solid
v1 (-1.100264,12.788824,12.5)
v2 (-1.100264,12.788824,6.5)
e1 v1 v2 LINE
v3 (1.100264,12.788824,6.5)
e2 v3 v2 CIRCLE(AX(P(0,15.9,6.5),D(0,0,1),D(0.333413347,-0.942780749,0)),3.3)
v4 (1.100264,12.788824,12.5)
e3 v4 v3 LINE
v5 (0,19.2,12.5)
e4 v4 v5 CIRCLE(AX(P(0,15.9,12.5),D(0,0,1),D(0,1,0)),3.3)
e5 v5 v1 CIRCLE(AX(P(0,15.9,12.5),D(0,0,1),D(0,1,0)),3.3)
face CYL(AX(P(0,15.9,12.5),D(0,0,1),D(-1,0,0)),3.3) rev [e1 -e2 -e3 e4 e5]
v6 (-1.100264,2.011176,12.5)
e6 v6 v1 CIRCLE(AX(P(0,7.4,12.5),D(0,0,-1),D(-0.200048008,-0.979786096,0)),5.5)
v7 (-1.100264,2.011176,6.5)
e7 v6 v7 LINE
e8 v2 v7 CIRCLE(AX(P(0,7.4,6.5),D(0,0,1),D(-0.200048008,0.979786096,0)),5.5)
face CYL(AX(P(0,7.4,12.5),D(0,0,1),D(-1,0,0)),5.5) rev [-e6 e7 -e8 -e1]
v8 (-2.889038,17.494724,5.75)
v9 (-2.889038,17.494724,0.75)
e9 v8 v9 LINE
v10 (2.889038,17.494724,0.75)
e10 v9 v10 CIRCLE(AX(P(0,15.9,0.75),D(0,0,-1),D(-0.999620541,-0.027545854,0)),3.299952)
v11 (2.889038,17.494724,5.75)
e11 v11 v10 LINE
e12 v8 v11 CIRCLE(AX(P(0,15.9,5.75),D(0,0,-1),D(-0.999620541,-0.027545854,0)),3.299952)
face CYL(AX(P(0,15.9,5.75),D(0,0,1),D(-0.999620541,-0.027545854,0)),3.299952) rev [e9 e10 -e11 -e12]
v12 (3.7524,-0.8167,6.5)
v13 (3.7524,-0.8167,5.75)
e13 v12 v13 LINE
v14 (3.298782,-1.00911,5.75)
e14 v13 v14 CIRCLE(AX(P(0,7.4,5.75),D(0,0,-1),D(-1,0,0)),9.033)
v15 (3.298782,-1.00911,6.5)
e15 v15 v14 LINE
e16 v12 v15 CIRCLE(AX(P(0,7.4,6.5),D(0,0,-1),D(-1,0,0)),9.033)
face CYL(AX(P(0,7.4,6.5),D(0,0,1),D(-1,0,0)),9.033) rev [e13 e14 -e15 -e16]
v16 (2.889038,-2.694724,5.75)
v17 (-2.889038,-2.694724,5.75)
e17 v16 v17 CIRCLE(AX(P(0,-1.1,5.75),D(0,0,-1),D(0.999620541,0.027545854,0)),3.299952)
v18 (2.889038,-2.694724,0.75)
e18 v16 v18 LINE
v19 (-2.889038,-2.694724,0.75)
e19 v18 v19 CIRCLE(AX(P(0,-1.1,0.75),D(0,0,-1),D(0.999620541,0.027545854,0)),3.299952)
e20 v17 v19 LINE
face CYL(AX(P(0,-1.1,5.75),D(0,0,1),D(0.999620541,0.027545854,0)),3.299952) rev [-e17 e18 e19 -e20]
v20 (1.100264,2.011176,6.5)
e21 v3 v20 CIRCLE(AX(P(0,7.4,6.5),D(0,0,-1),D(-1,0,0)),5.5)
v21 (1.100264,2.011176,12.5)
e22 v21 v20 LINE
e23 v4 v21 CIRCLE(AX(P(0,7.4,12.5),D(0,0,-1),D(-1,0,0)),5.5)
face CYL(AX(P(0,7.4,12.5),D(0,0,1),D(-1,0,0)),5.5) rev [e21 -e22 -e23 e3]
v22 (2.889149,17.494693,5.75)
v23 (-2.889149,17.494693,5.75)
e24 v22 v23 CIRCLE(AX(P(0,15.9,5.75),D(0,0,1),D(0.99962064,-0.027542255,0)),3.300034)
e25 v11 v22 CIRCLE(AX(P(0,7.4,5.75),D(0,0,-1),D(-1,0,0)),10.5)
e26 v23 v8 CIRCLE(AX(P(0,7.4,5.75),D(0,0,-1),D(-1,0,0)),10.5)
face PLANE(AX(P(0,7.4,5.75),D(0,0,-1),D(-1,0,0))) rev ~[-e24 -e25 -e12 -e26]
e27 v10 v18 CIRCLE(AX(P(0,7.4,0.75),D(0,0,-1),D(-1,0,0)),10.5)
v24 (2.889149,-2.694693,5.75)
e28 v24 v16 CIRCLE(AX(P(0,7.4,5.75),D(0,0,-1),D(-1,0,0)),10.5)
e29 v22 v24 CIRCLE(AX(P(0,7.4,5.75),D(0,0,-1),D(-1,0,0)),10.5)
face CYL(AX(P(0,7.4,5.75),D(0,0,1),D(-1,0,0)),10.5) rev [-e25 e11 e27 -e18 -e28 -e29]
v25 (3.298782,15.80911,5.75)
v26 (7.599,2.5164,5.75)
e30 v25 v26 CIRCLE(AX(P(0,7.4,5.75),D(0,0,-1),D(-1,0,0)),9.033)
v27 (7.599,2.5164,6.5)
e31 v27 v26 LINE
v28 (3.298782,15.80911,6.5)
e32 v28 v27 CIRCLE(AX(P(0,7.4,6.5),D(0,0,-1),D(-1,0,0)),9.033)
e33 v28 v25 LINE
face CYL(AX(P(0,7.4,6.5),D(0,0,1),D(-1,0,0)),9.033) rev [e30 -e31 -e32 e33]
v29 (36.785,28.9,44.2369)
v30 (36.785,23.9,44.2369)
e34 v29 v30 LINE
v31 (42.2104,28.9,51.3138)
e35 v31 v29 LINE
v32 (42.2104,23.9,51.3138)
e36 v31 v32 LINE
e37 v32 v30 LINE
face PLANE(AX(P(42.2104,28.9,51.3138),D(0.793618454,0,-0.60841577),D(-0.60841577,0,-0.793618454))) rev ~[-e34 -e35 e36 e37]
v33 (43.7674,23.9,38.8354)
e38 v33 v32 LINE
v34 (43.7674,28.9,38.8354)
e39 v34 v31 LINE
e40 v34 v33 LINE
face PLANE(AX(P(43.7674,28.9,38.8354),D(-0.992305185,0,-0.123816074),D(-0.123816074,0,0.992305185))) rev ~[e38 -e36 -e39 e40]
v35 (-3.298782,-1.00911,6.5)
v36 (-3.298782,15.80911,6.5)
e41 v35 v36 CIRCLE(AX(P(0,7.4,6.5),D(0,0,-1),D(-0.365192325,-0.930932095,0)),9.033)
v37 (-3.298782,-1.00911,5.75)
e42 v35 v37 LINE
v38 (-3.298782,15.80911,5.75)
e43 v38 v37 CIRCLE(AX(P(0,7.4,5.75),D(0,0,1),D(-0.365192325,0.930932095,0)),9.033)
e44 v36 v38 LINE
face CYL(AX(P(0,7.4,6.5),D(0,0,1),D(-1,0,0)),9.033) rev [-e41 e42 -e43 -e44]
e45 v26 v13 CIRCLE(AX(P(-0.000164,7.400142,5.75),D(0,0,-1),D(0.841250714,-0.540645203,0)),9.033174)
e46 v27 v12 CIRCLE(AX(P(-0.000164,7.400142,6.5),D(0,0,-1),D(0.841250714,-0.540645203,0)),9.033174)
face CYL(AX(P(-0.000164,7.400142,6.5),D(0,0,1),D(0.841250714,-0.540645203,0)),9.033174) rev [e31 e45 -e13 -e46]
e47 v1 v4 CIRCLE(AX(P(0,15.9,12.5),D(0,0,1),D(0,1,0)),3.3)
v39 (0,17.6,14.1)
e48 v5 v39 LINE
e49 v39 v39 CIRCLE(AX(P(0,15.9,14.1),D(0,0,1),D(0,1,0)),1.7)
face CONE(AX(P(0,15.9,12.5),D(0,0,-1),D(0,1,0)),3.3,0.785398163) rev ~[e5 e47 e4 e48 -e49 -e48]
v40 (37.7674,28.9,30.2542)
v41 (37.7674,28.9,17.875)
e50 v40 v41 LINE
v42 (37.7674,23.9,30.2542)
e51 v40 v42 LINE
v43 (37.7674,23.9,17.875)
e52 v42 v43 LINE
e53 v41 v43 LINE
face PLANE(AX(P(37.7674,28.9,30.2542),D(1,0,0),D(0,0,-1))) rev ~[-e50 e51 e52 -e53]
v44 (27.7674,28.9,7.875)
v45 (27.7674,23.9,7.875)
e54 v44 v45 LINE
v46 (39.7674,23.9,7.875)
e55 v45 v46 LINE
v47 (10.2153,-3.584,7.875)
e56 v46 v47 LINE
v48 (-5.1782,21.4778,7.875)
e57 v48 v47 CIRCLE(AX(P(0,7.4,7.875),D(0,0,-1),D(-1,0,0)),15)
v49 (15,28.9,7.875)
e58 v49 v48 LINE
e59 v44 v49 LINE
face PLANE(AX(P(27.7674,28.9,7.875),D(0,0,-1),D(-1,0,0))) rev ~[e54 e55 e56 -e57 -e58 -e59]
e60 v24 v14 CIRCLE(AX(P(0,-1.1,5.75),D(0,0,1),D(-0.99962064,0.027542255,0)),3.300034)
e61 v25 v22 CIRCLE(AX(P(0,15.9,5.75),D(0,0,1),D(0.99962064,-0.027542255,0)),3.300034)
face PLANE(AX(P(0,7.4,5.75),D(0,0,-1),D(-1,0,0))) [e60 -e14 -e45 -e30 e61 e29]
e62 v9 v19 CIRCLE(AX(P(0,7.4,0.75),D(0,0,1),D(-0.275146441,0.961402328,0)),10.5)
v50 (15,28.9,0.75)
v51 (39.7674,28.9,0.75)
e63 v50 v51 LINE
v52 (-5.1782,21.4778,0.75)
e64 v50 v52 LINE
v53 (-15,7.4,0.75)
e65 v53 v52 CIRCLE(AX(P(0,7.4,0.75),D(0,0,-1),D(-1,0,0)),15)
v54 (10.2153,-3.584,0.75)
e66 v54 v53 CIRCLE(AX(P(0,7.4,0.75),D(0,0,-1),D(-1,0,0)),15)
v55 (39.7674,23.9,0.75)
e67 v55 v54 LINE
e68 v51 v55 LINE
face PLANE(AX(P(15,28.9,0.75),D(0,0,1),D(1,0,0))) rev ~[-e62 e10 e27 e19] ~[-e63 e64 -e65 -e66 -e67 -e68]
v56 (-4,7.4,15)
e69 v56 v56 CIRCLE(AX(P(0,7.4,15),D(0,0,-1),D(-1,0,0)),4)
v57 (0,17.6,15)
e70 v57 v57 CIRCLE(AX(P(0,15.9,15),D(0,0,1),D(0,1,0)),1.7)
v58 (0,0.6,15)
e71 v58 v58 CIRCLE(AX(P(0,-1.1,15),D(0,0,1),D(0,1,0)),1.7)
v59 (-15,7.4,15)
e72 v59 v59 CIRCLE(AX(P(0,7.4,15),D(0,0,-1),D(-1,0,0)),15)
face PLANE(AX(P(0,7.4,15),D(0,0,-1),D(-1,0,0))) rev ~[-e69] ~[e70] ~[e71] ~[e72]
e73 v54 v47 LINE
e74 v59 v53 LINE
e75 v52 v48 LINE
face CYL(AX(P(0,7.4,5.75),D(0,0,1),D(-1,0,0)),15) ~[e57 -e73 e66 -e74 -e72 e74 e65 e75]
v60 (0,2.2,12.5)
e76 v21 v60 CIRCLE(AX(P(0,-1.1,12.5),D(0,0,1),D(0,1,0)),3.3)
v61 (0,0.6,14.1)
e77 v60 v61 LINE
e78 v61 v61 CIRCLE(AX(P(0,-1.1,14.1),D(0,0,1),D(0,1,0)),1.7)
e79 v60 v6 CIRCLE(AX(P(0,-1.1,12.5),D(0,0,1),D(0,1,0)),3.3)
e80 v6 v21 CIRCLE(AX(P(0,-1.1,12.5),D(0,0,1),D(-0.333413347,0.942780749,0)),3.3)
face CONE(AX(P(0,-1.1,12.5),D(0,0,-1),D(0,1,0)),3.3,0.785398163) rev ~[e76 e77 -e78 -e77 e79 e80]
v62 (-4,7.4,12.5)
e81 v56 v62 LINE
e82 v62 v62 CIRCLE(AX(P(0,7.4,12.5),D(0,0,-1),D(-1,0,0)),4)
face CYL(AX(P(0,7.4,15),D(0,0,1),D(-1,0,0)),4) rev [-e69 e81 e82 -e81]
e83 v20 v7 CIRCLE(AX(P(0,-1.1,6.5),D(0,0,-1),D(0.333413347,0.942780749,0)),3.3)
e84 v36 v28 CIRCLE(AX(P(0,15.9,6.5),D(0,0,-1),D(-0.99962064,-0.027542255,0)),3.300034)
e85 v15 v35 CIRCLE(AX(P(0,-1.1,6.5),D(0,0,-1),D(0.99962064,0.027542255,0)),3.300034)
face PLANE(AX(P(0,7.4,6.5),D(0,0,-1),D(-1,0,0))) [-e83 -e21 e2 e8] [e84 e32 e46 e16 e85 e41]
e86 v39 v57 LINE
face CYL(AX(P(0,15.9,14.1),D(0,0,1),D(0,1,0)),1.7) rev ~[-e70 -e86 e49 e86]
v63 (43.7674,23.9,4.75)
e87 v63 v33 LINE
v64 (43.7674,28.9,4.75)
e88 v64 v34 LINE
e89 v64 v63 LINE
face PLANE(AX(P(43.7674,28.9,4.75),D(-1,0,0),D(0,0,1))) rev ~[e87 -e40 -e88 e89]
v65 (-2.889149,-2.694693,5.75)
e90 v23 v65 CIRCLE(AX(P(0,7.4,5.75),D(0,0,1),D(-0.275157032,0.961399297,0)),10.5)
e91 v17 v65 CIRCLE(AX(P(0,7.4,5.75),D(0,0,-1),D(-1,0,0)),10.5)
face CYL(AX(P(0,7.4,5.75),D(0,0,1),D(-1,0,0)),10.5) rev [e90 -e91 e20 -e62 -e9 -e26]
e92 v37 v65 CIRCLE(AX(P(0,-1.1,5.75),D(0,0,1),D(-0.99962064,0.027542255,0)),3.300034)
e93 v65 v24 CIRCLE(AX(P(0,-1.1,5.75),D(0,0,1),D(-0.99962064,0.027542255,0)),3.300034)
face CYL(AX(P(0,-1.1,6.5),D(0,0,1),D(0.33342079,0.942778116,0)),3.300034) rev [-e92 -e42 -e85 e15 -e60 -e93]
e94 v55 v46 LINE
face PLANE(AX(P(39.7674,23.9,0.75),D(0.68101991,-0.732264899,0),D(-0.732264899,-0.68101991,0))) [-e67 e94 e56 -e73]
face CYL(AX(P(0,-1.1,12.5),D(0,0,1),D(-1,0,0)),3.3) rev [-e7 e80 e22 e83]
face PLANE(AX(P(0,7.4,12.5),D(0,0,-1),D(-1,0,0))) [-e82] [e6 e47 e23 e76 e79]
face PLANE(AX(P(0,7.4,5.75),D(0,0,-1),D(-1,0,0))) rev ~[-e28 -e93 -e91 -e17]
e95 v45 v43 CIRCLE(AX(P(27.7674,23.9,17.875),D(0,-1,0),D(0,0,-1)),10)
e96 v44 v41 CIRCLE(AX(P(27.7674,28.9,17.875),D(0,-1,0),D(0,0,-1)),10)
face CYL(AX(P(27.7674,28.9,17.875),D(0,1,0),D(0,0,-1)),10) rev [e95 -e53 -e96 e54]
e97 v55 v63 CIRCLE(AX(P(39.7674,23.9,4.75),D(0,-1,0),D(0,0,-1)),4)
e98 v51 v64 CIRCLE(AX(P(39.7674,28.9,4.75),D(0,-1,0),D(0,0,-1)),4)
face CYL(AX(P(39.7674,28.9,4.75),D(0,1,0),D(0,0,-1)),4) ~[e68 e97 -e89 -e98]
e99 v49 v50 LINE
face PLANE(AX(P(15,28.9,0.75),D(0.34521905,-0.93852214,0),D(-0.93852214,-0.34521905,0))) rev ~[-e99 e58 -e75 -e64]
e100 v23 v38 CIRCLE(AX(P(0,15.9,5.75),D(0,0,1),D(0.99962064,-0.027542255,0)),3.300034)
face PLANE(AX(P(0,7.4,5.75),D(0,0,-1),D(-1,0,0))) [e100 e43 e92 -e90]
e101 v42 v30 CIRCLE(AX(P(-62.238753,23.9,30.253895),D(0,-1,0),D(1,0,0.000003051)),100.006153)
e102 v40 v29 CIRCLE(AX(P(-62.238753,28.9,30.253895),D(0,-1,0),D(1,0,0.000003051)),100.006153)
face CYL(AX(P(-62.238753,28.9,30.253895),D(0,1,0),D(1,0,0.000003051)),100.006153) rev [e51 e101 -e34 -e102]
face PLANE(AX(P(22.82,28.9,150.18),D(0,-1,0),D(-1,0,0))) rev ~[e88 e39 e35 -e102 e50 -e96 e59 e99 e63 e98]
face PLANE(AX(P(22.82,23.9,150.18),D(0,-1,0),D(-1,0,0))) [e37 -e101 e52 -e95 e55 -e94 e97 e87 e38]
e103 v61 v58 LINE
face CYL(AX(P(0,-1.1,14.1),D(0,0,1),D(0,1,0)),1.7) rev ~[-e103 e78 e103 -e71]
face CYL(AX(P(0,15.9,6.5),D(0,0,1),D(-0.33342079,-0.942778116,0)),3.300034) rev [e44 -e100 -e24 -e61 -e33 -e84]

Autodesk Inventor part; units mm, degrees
ref_plane "YZ Plane" through (0, 0, 0) normal (1, 0, 0) x (0, 1, 0)
ref_plane "РабПлоскость1" through (0, 7.4, 15) normal (0, 0, -1) x (-1, 0, 0)
sketch "Эскиз1" plane through (0, 7.4, 15) normal (0, 0, -1) x (-1, 0, 0)
  circle A0 centre (0, 0) radius 12.5
  circle A1 centre (0, 0) radius 12.5 projected
  circle A2 centre (0, -8.5) radius 1.2295 projected
  circle A3 centre (0, 8.5) radius 1.2295 projected
  circle A4 centre (0, 0) radius 3.5 projected
  circle A5 centre (0, 0) radius 4
  circle A6 centre (0, 0) radius 15
  circle A7 centre (0, 0) radius 12.7
  point P0 (0, -7.4)
  dimension "d6" = 0
  dimension "d7" = 0
  dimension "d8" = 0
  dimension "d9" = 8
  dimension "d10" = 30
  dimension "d11" = 0.2
extrude "Выдавливание1" add sketch "Эскиз1" along normal blind 2.5 contours A0 | A6 | A7
sketch "Эскиз2" plane through (0, 7.4, 12.5) normal (0, 0, -1) x (-1, 0, 0)
  circle A0 centre (0, 0) radius 15 projected
  circle A1 centre (0, -8.5) radius 1.2295 projected
  circle A2 centre (0, 8.5) radius 1.2295 projected
  circle A3 centre (0, 0) radius 4 projected
  point P0 (0, -7.4)
hole "Отверстие1" at (0, -1.1, 12.5) at (0, 15.9, 12.5) direction (0, 0, 1) diameter 3.4 end through all countersink diameter 6.6 countersink angle 90 clearance for "с потайной головкой ГОСТ 12876-67" size "M3" standard "ГОСТ"
sketch "Эскиз3" plane through (0, 7.4, 12.5) normal (0, 0, -1) x (-1, 0, 0)
  circle A0 centre (0, 0) radius 5 projected
  circle A1 centre (0, 0) radius 10.5 projected
  circle A2 centre (0, 0) radius 15 projected
  circle A3 centre (0, -8.5) radius 3.3 projected
  circle A4 centre (0, 8.5) radius 3.3 projected
  circle A5 centre (0, -8.5) radius 3.3 projected
  circle A6 centre (0, 0) radius 15 projected
  circle A7 centre (0, 0) radius 4 projected
  circle A8 centre (0, 0) radius 5.5
  point P0 (0, -7.4)
  point P1 (-1.1003, -5.3888)
  point P2 (-1.1003, 5.3888)
  point P3 (1.1003, 5.3888)
  point P4 (1.1003, -5.3888)
  dimension "d21" = 11
extrude "Выдавливание2" add sketch "Эскиз3" along normal blind 6 contours A1 A3 A8 A4 | A4 A8 A3 A1 | A2
sketch "Эскиз4" plane through (0, 7.4, 6.5) normal (0, 0, -1) x (-1, 0, 0)
  circle A0 centre (0, 0) radius 15 projected
  arc A1 (-1.1003, 5.3888) -> (-1.1003, -5.3888) centre (0, 0) ccw projected
  arc A2 (1.1003, 5.3888) -> (-1.1003, 5.3888) centre (0, 8.5) ccw projected
  arc A3 (1.1003, -5.3888) -> (1.1003, 5.3888) centre (0, 0) ccw projected
  arc A4 (-1.1003, -5.3888) -> (1.1003, -5.3888) centre (0, -8.5) ccw projected
  arc A5 (-7.599, -4.8836) -> (-3.7524, -8.2167) centre (0, 0) ccw projected
  circle A6 centre (0, 0) radius 10.5 projected
  circle A7 centre (0, 0) radius 9.033
  point P0 (0, -7.4)
  point P1 (-3.2987, -8.4091)
  point P2 (-3.7524, -8.2167)
  point P3 (-7.599, -4.8836)
  point P4 (-3.2987, 8.4091)
  point P5 (3.2987, 8.4091)
  point P6 (3.2987, -8.4091)
ref_plane "РабПлоскость2" through (-10.2, -2.8, 5.75) normal (0, 0, 1) x (1, 0, 0)
extrude "Выдавливание3" add sketch "Эскиз4" along normal up to surface (0.75 mm away) contours A0 | A7 A5 A4 A6 A2 | A2 A6 A4 A7
sketch "Эскиз5" plane through (0, 7.4, 5.75) normal (0, 0, -1) x (-1, 0, 0)
  arc A0 (-3.2987, -8.4091) -> (3.2987, -8.4091) centre (0, -8.5) ccw projected
  arc A1 (-3.2987, 8.4091) -> (-3.2987, -8.4091) centre (0, 0) ccw projected
  arc A2 (3.2987, 8.4091) -> (-3.2987, 8.4091) centre (0, 8.5) ccw projected
  arc A3 (3.2987, -8.4091) -> (3.2987, 8.4091) centre (0, 0) ccw projected
  circle A4 centre (0, 0) radius 15 projected
  circle A5 centre (0, 0) radius 10.5 projected
  point P0 (0, -7.4)
  point P1 (2.8891, 10.0947)
  point P2 (2.8891, -10.0947)
  point P3 (-2.8891, -10.0947)
  point P4 (-2.8891, 10.0947)
ref_plane "РабПлоскость3" through (-10.2, -2.8, 0.75) normal (0, 0, -1) x (0, 1, 0)
extrude "Выдавливание4" add sketch "Эскиз5" along normal up to surface (5 mm away)
ref_plane "РабПлоскость4" through (22.82, 28.9, 150.18) normal (0, -1, 0) x (-1, 0, 0)
sketch "Эскиз6" plane through (22.82, 28.9, 150.18) normal (0, -1, 0) x (-1, 0, 0)
  arc A0 (-16.9474, 149.43) -> (-20.9474, 145.43) centre (-16.9474, 145.43) ccw projected
  line L0 (-20.9474, 145.43) -> (-20.9474, 111.3446) projected
  line L1 (-20.9474, 111.3446) -> (-6.9461, -0.8667) projected
  arc A1 (-6.9461, -0.8667) -> (6.863, 1.3782) centre (0, 0) ccw projected
  line L2 (6.863, 1.3782) -> (-12.99, 100.2367) projected
  arc A2 (-14.9474, 119.9258) -> (-12.99, 100.2367) centre (85.0526, 119.9258) ccw projected
  line L3 (-14.9474, 119.9258) -> (-14.9474, 132.305) projected
  arc A3 (-4.9474, 142.305) -> (-14.9474, 132.305) centre (-4.9474, 132.305) ccw projected
  line L4 (-4.9474, 142.305) -> (7.82, 142.305) projected
  line L5 (7.82, 142.305) -> (7.82, 149.43) projected
  line L6 (7.82, 149.43) -> (-16.9474, 149.43) projected
  line L7 (-2.3399, -2.1995) -> (-2.3399, 2.3005) projected
  line L8 (-2.3399, 2.3005) -> (2.1601, 2.3005) projected
  line L9 (2.1601, 2.3005) -> (2.1601, -2.1995) projected
  line L10 (2.1601, -2.1995) -> (-2.3399, -2.1995) projected
  line L11 (-19.3904, 98.8662) -> (-13.965, 105.9431)
  point P0 (22.82, 150.18)
extrude "Выдавливание5" add sketch "Эскиз6" along normal blind 5 contours L6 L5 L4 A3 L3 A2 L11 L1 L0 A0
sketch "Эскиз7" plane through (0, 7.4, 0.75) normal (0, 0, -1) x (-1, 0, 0)
  circle A0 centre (0, 0) radius 15 projected
  circle A1 centre (0, 0) radius 15 projected
  line L0 (-15, 21.5) -> (-39.7674, 21.5) projected
  line L1 (-39.7674, 21.5) -> (-39.7674, 16.5) projected
  line L2 (-15, 16.5) -> (-39.7674, 16.5) projected
  line L3 (-15, 21.5) -> (-15, 16.5) projected
  line L4 (-15, 21.5) -> (-15, 16.5) projected
  line L5 (-15, 21.5) -> (5.1782, 14.0778)
  line L6 (-39.7674, 16.5) -> (-10.2153, -10.984)
  point P0 (0, -7.4)
  point P1 (-10.2153, -10.984)
  point P2 (5.1782, 14.0778)
extrude "Выдавливание6" add sketch "Эскиз7" against normal up to surface (7.125 mm away) contours A0 L6 L2 L3 L5
properties part number "Knuckle"
